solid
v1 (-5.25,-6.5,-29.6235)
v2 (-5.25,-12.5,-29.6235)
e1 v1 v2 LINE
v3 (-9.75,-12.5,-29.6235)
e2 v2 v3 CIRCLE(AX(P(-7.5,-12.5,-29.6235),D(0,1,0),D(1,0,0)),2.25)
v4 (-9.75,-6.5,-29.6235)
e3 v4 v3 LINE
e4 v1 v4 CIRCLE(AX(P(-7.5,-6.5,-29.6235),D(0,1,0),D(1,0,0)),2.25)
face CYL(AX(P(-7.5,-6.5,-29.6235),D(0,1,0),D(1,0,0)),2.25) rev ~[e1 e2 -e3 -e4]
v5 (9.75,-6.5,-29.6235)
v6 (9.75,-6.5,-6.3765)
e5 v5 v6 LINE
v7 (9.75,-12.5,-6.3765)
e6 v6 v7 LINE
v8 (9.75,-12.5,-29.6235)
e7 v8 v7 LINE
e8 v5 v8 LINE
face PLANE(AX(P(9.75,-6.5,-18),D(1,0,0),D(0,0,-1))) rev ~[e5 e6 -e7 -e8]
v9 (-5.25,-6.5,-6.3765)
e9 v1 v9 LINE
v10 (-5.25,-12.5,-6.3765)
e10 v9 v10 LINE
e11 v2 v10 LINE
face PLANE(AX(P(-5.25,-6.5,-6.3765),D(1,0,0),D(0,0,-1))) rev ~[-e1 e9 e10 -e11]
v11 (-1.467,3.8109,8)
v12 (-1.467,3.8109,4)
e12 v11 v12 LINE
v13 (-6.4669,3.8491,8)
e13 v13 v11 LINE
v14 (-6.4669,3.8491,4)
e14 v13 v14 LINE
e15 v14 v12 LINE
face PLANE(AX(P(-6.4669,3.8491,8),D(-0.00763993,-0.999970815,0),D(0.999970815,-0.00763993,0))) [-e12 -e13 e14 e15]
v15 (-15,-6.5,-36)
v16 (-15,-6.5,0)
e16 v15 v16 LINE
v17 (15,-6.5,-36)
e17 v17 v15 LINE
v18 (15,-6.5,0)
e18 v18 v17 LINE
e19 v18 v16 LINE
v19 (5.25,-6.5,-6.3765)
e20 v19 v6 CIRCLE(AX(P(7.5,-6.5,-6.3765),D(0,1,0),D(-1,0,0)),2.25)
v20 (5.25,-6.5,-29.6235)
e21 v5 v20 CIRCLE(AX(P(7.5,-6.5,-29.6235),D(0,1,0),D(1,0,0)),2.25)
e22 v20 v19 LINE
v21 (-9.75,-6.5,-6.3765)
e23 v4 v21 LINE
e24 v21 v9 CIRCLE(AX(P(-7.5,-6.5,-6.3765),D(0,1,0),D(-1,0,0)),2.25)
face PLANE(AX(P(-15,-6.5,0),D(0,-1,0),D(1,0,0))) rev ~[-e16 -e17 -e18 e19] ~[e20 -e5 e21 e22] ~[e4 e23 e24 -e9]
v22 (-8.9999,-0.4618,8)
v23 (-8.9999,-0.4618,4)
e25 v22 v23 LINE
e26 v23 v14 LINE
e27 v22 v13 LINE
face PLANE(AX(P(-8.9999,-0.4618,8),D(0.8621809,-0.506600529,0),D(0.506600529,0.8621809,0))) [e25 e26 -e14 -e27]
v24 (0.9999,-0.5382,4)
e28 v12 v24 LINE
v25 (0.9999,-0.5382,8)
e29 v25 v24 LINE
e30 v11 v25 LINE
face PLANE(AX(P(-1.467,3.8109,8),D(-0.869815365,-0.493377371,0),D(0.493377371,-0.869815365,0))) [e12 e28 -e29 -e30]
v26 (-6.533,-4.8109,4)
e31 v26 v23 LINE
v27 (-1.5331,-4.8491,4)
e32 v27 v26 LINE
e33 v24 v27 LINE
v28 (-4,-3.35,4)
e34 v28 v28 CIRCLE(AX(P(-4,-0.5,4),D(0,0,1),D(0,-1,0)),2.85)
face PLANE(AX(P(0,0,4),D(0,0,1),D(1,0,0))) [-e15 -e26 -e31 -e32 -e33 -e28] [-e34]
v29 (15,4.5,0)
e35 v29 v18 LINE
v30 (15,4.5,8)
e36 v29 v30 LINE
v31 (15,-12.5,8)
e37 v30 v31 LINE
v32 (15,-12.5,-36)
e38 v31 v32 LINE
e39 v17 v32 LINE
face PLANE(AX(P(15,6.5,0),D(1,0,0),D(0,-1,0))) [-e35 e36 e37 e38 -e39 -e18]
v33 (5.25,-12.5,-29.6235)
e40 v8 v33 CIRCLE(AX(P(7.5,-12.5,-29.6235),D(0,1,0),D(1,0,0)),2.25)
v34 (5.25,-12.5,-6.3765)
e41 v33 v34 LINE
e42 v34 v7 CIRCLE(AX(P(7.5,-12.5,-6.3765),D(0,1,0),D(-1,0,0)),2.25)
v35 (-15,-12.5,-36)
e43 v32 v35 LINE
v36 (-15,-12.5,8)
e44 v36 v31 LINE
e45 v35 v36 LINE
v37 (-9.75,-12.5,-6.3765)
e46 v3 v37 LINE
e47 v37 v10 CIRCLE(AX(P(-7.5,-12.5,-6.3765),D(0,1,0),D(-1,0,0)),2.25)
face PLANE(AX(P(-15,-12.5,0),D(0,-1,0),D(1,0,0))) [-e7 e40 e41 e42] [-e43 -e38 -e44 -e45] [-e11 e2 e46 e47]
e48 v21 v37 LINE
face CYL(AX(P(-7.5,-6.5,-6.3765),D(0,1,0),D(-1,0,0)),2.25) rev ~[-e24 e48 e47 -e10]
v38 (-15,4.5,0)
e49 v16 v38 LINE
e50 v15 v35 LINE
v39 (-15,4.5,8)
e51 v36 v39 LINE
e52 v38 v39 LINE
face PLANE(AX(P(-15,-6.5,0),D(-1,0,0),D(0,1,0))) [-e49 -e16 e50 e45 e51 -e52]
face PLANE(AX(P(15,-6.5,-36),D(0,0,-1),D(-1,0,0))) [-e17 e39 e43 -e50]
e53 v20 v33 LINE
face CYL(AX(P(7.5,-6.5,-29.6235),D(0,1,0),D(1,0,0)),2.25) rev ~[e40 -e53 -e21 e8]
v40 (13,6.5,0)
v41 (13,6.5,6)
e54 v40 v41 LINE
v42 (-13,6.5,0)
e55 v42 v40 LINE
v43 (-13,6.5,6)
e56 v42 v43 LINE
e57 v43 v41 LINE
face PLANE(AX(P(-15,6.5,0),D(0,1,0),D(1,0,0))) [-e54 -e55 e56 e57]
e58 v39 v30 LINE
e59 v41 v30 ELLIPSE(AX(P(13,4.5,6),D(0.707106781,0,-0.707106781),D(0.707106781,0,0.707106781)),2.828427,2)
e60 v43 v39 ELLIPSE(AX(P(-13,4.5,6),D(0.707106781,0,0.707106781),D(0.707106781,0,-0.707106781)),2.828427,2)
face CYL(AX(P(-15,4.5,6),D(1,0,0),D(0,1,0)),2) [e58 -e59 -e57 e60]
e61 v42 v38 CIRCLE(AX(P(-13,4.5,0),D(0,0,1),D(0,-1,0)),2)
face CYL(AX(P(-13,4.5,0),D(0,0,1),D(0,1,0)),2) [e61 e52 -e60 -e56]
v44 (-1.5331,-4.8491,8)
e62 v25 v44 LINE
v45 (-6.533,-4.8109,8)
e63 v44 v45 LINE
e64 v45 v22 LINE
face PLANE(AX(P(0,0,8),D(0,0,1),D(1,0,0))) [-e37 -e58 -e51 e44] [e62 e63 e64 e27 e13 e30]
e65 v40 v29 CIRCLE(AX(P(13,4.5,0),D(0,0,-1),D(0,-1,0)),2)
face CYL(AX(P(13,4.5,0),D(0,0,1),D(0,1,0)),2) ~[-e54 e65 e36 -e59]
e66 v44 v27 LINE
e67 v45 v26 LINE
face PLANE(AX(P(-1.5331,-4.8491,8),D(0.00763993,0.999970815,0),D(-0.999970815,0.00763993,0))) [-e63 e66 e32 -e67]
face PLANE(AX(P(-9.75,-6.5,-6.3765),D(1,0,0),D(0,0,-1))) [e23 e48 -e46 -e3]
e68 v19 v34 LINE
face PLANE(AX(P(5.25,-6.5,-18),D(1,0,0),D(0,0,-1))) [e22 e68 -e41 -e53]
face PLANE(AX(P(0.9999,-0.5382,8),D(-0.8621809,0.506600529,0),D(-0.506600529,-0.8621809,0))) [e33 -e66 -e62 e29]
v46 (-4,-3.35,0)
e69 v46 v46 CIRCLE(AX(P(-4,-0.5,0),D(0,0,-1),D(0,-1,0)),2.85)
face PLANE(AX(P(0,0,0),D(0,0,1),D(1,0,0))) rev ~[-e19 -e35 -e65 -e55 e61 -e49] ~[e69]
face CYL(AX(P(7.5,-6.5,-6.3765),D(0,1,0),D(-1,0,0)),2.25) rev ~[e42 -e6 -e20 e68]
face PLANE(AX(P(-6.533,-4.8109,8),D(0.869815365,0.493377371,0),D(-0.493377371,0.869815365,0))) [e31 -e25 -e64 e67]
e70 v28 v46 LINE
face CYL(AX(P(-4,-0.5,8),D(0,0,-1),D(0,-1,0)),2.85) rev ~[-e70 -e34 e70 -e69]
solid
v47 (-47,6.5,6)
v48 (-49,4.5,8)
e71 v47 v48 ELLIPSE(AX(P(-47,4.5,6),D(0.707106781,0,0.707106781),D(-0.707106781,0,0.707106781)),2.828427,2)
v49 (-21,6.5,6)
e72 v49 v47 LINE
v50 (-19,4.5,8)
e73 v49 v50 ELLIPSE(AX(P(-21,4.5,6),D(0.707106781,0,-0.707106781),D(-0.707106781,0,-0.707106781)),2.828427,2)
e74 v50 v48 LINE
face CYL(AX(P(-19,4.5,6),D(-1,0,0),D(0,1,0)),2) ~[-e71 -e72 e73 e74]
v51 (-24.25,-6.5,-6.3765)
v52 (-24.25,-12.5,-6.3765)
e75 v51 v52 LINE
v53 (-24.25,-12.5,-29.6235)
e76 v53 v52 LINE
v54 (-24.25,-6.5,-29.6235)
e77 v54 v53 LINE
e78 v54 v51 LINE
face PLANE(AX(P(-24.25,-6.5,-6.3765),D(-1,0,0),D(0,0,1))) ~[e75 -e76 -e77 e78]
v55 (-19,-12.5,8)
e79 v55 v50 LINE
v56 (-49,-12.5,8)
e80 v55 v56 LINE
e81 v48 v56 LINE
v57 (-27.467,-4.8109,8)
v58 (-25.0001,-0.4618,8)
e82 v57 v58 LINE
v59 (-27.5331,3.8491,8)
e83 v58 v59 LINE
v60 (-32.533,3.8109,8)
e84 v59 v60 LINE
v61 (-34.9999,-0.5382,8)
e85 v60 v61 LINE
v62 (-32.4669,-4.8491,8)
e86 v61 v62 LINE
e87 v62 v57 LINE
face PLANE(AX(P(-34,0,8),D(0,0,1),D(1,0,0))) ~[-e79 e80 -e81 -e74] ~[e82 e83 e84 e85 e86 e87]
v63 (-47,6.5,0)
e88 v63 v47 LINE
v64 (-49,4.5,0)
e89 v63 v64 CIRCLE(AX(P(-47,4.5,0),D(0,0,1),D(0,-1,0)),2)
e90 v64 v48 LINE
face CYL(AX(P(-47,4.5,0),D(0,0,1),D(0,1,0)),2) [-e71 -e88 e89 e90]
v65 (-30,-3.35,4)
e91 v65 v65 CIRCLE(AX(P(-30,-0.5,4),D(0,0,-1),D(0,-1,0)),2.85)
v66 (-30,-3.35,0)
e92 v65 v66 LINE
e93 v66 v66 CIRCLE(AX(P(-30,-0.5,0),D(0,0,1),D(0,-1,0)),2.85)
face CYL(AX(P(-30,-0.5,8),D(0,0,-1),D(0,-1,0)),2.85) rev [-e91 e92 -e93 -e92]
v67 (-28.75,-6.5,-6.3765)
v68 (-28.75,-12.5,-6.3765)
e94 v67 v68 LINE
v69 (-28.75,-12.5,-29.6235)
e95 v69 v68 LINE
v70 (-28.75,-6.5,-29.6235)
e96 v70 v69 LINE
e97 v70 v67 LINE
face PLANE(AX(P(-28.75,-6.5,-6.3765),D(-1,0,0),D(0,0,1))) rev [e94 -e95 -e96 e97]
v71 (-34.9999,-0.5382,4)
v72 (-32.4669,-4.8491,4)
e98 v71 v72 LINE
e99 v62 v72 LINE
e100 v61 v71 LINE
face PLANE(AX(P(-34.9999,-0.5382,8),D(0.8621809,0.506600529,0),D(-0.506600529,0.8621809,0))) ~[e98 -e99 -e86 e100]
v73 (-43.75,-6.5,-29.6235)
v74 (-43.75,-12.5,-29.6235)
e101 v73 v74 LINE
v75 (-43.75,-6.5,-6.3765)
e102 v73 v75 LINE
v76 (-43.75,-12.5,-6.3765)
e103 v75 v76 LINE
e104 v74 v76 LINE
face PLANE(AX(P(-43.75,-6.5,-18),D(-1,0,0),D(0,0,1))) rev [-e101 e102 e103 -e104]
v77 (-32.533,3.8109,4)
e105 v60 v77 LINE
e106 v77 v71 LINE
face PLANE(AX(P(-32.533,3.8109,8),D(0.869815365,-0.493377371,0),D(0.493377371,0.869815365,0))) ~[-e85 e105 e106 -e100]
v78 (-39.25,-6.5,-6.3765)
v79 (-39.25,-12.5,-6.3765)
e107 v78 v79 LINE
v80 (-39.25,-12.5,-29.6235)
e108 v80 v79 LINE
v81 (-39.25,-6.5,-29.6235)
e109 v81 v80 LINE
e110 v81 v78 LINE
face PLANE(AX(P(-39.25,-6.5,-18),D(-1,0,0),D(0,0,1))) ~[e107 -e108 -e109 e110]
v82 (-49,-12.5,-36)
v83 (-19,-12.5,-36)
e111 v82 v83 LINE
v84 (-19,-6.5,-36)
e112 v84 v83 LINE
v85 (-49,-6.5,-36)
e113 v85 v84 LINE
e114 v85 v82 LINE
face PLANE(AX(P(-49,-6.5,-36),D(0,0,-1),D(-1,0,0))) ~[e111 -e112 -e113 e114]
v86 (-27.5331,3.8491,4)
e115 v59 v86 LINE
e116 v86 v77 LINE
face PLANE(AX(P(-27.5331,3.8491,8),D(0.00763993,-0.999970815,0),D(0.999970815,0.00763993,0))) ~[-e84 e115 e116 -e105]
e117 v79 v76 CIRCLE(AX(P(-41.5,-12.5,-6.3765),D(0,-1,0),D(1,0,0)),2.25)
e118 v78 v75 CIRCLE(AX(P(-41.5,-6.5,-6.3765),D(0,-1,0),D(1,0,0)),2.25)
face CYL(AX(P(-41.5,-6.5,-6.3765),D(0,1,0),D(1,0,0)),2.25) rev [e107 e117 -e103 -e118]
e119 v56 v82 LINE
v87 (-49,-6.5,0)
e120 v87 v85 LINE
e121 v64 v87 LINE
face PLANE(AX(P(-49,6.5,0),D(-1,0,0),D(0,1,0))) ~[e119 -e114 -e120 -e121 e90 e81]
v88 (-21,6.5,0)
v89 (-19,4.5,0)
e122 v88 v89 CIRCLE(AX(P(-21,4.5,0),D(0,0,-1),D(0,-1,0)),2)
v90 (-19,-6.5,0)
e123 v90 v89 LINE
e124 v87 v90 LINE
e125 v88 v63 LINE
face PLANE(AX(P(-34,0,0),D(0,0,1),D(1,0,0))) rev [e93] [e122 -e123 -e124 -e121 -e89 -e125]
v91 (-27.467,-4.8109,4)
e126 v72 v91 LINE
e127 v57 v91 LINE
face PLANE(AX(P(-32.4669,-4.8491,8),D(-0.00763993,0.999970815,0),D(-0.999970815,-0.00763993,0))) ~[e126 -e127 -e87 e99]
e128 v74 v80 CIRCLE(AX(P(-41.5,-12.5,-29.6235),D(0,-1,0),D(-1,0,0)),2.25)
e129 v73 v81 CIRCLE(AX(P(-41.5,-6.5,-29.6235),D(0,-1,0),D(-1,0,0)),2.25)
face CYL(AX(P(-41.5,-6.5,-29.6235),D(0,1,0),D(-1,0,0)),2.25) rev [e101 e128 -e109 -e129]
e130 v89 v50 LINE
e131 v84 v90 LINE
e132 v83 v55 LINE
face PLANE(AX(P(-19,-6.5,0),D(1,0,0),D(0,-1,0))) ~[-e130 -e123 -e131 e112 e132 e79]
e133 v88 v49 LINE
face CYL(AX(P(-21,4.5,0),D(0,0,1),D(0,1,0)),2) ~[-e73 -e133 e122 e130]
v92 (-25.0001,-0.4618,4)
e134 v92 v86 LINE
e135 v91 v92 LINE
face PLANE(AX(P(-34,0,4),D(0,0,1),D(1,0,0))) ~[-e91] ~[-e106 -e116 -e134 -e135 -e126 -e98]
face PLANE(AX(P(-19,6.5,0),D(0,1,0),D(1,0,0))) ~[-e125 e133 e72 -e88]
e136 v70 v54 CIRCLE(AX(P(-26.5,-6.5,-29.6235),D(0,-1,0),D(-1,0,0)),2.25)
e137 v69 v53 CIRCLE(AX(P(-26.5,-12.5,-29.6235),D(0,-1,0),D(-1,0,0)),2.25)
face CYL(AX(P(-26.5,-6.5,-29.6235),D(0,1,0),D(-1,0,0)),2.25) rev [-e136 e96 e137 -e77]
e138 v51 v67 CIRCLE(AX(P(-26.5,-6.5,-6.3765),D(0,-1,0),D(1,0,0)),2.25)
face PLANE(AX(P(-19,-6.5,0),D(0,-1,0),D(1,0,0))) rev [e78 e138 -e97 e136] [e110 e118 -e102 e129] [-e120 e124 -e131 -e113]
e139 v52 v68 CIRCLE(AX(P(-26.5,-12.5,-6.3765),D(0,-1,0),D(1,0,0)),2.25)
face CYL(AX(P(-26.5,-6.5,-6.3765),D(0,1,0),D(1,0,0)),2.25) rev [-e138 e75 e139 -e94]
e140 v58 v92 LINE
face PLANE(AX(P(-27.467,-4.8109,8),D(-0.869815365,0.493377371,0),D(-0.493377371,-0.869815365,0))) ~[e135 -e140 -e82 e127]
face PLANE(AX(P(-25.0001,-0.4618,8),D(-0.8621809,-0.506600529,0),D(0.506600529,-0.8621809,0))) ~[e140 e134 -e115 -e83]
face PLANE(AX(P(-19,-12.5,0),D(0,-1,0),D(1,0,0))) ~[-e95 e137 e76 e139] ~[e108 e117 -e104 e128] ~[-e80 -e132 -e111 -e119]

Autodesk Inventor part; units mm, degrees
ref_plane "YZ Plane" through (0, 0, 0) normal (1, 0, 0) x (0, 1, 0)
ref_plane "XZ Plane" through (0, 0, 0) normal (0, 1, 0) x (-1, 0, 0)
ref_plane "XY Plane" through (0, 0, 0) normal (0, 0, 1) x (1, 0, 0)
sketch "Sketch1" plane through (0, 0, 0) normal (0, 0, 1) x (1, 0, 0)
  line L0 (-15, 6.5) -> (15, 6.5)
  line L1 (15, 6.5) -> (15, -6.5)
  line L2 (15, -6.5) -> (-15, -6.5)
  line L3 (-15, -6.5) -> (-15, 6.5)
  line L4 (-15, 6.5) -> (15, -6.5) construction
  line L5 (15, 6.5) -> (-15, -6.5) construction
  point P0 (0, 0)
  dimension "d0" = 30
  dimension "d1" = 13
extrude "Extrusion1" add sketch "Sketch1" along normal blind 8
sketch "Sketch2" plane through (-15, -6.5, 0) normal (0, -1, 0) x (1, 0, 0)
  line L0 (0, 0) -> (0, 8) projected
  line L1 (0, 8) -> (30, 8)
  line L2 (30, 8) -> (30, -36)
  line L3 (30, -36) -> (0, -36)
  line L4 (0, -36) -> (0, 8)
  point P0 (15, 0)
  dimension "d4" = 30
  dimension "d5" = 44
extrude "Extrusion2" add sketch "Sketch2" along normal blind 6
sketch "Sketch3" plane through (0, 0, 8) normal (0, 0, 1) x (1, 0, 0)
  circle A0 centre (-4, -0.5) radius 10
  line L0 (-15, 6.5) -> (-15, -12.5) projected
  line L1 (15, -12.5) -> (-15, -12.5) projected
  point P0 (0, 0)
  dimension "d8" = 20
  dimension "d9" = 11
  dimension "d10" = 12
hole "Hole1" at (-4, -0.5, 8) direction (0, 0, -1) diameter 5.7 end through all
sketch "Sketch4" plane through (0, 0, 8) normal (0, 0, 1) x (1, 0, 0)
  circle A0 centre (-4, -0.5) radius 2.85 projected
  line L0 (-6.4669, 3.8491) -> (-1.467, 3.8109)
  line L1 (-1.467, 3.8109) -> (0.9999, -0.5382)
  line L2 (0.9999, -0.5382) -> (-1.5331, -4.8491)
  line L3 (-1.5331, -4.8491) -> (-6.533, -4.8109)
  line L4 (-6.533, -4.8109) -> (-8.9999, -0.4618)
  line L5 (-8.9999, -0.4618) -> (-6.4669, 3.8491)
  point P0 (0, 0)
  dimension "d18" = 10
sketch "Sketch5" plane through (0, 0, 8) normal (0, 0, 1) x (1, 0, 0)
  point P0 (0, 0)
extrude "Extrusion3" cut sketch "Sketch4" against normal blind 4
sketch "Sketch6" plane through (-15, -6.5, 0) normal (0, 1, 0) x (1, 0, 0)
  arc A0 (24.75, 29.6235) -> (20.25, 29.6235) centre (22.5, 29.6235) ccw
  line L0 (30, 0) -> (30, 36) projected
  line L1 (30, 18) -> (0, 18)
  line L2 (0, -8) -> (0, 36) projected
  line L3 (15, 0) -> (15, 36)
  line L4 (30, 36) -> (0, 36) projected
  arc A1 (20.25, 6.3765) -> (24.75, 6.3765) centre (22.5, 6.3765) ccw
  line L5 (24.75, 6.3765) -> (24.75, 29.6235)
  line L6 (20.25, 6.3765) -> (20.25, 29.6235)
  arc A2 (9.75, 29.6235) -> (5.25, 29.6235) centre (7.5, 29.6235) ccw
  arc A3 (5.25, 6.3765) -> (9.75, 6.3765) centre (7.5, 6.3765) ccw
  line L7 (5.25, 6.3765) -> (5.25, 29.6235)
  line L8 (9.75, 6.3765) -> (9.75, 29.6235)
  dimension "d21" = 4.5
  dimension "d22" = 7.5
extrude "Extrusion4" cut sketch "Sketch6" against normal through all contours L5 L1 L6 A0 | L5 A1 L6 L1 | L8 A3 L7 L1 | L1 L7 A2 L8
fillet "Fillet1" radius 2 3 edges at (15, 6.5, 4) (0, 6.5, 8) (-15, 6.5, 4)
ref_plane "Work Plane1" through (-17, -6.5, -36) normal (-1, 0, 0) x (0, 0, 1)
mirror "Mirror1" about plane through (-17, -6.5, -36) normal (-1, 0, 0)
properties part number "CarroXY - Batente frontal"
